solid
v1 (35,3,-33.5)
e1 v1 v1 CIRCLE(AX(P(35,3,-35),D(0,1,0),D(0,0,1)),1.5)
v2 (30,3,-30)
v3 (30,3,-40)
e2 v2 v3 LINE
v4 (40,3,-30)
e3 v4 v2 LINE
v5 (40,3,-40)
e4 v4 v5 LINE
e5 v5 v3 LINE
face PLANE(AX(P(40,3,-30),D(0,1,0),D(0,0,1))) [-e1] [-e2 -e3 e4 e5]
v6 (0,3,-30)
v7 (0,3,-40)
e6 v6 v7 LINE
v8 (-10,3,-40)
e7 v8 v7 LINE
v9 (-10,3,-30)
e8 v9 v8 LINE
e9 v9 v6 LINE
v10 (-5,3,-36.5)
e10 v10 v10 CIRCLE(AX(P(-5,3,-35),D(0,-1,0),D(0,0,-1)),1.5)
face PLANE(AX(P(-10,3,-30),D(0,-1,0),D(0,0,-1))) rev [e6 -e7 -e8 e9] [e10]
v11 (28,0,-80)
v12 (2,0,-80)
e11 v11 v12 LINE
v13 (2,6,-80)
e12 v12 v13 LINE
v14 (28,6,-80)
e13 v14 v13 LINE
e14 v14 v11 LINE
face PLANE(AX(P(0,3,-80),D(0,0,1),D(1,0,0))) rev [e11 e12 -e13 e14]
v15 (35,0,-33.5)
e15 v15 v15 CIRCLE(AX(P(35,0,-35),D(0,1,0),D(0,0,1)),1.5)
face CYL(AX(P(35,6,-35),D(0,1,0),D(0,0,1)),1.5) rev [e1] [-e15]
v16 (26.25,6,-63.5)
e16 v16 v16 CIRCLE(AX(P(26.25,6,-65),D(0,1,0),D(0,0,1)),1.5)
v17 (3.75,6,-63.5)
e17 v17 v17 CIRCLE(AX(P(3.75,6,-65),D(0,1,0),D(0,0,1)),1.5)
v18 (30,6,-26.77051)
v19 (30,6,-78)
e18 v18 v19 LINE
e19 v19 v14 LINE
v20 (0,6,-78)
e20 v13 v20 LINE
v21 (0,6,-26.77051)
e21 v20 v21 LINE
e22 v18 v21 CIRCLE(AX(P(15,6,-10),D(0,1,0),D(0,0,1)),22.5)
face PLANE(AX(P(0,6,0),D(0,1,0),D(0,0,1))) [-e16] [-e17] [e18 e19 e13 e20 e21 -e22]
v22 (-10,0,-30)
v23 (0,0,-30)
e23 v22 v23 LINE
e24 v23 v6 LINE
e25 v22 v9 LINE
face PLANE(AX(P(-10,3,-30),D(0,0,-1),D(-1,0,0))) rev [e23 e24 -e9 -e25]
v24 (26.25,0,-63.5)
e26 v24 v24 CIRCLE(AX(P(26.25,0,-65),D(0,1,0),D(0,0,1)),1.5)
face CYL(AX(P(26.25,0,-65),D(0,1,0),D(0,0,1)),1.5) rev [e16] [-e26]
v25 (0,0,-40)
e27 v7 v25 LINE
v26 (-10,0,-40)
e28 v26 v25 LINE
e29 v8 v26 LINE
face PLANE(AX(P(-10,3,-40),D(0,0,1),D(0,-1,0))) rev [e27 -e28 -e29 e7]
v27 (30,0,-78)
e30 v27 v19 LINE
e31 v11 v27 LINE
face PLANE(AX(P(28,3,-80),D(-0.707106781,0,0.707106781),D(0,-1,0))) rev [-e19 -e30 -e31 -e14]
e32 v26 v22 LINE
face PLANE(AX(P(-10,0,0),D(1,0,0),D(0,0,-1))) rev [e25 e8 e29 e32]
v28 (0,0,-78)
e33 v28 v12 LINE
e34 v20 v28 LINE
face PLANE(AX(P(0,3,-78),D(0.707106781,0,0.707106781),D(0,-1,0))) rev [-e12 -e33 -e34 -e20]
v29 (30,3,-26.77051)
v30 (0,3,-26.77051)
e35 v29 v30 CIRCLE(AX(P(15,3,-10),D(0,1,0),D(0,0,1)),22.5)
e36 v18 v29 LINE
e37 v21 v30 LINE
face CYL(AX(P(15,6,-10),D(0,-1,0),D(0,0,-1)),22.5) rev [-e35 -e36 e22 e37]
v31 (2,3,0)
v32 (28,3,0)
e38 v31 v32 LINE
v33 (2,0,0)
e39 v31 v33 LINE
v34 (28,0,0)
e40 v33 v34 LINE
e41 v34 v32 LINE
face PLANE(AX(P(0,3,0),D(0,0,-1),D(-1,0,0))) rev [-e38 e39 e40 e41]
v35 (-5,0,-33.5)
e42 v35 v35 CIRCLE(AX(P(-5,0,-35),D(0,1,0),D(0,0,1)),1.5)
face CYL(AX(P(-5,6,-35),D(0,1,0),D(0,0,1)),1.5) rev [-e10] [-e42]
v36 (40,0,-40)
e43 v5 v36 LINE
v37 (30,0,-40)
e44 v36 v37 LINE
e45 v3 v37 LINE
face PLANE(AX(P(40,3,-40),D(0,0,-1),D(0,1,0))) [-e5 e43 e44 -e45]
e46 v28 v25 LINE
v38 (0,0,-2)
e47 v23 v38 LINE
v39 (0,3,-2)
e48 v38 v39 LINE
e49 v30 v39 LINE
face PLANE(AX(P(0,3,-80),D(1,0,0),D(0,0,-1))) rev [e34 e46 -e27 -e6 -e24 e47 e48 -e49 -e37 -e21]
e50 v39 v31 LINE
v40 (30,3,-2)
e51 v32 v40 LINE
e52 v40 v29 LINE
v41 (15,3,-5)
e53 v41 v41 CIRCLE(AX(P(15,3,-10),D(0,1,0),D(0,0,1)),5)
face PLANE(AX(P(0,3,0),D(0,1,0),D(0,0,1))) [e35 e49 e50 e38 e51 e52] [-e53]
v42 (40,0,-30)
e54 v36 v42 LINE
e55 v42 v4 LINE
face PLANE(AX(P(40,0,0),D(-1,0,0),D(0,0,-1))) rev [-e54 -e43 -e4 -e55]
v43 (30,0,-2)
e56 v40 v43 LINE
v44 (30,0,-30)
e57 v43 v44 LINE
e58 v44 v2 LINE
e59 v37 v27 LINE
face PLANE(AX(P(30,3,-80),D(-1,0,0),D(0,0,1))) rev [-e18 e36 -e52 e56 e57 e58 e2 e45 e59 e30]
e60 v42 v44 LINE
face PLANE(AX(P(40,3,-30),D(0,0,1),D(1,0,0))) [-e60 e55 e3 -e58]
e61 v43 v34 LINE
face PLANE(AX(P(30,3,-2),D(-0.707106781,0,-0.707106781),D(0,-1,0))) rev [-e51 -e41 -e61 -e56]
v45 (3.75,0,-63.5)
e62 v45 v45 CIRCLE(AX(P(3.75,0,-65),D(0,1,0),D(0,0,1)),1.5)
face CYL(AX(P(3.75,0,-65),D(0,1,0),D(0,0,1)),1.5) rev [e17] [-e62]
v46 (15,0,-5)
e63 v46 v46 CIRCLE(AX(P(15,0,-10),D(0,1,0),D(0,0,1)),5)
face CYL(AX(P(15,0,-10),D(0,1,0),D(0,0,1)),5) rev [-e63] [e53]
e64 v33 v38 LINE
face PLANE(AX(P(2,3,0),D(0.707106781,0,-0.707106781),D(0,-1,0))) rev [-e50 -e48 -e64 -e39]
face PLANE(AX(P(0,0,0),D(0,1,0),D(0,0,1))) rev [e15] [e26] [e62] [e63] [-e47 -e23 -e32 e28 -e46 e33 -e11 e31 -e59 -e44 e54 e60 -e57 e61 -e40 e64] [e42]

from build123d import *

# Parameters (mm, degrees)
SKETCH1_W                       = 30
SKETCH1_H                       = 80
BOSS_EXTRUDE1_DEPTH             = 3
BOSS_EXTRUDE2_DEPTH             = 3
SKETCH3_R                       = 5
CUT_EXTRUDE1_DEPTH              = 86.492689746
CHAMFER1_SIZE                   = 2
SKETCH4_R                       = 1.5
CUT_EXTRUDE2_DEPTH              = 86.650452421
SKETCH5_W                       = 10
SKETCH5_H                       = 3
BOSS_EXTRUDE3_DEPTH             = 10
F_3_0MM_DOWEL_HOLE1_D           = 3
F_3_0MM_DOWEL_HOLE1_CSINK_D     = 3.05
F_3_0MM_DOWEL_HOLE1_CSINK_ANGLE = 90


with BuildPart() as part:
    # Sketch1 → Boss-Extrude1 (new body)
    with BuildSketch(Plane(origin=(0, 0, 0), x_dir=(1, 0, 0), z_dir=(0, 1, 0))):
        with Locations((15, 40)):
            Rectangle(SKETCH1_W, SKETCH1_H)
    extrude(amount=BOSS_EXTRUDE1_DEPTH)

    # Sketch2 → Boss-Extrude2 (add)
    with BuildSketch(Plane(origin=(0, 3, 0), x_dir=(1, 0, 0), z_dir=(0, 1, 0))):
        with BuildLine():
            Line((15, 80), (0, 80))
            Line((0, 80), (0, 26.770509831))
            ThreePointArc((0, 26.770509831), (6.97150298, 31.018878077), (15, 32.5))
            Line((15, 32.5), (15, 80))
        make_face()
        with BuildLine():
            Line((30, 80), (15, 80))
            Line((15, 80), (15, 32.5))
            ThreePointArc((15, 32.5), (23.02849702, 31.018878077), (30, 26.770509831))
            Line((30, 26.770509831), (30, 80))
        make_face()
    extrude(amount=BOSS_EXTRUDE2_DEPTH)

    # Sketch3 → Cut-Extrude1 (cut, through all)
    with BuildSketch(Plane(origin=(0, 3, 0), x_dir=(1, 0, 0), z_dir=(0, 1, 0))):
        with Locations(Location((15, 10, 0), (0, 0, 270))):
            Circle(SKETCH3_R)
    extrude(amount=-CUT_EXTRUDE1_DEPTH, mode=Mode.SUBTRACT)

    # Chamfer1
    chamfer1_edges = [part.edges().sort_by_distance(p)[0] for p in [
        (0, 3, -80),
        (30, 3, -80),
        (30, 1.5, 0),
        (0, 1.5, 0),
    ]]
    chamfer(chamfer1_edges, length=CHAMFER1_SIZE)

    # Sketch4 → Cut-Extrude2 (cut, through all)
    with BuildSketch(Plane(origin=(0, 6, 0), x_dir=(1, 0, 0), z_dir=(0, 1, 0))):
        with Locations(Location((3.75, 65, 0), (0, 0, 270))):
            Circle(SKETCH4_R)
        with Locations(Location((26.25, 65, 0), (0, 0, 270))):
            Circle(SKETCH4_R)
    extrude(amount=-CUT_EXTRUDE2_DEPTH, mode=Mode.SUBTRACT)

    # Sketch5 → Boss-Extrude3 (add)
    with BuildSketch(Plane.ZY):
        with Locations((-35, 1.5)):
            Rectangle(SKETCH5_W, SKETCH5_H)
    boss_extrude3 = extrude(amount=BOSS_EXTRUDE3_DEPTH)

    # Ø3.0mm Dowel Hole1 (through all)
    with Locations(Plane(origin=(0, 6, 0), x_dir=(1, 0, 0), z_dir=(0, 1, 0))):
        with Locations((-5, 35)):
            f_3_0mm_dowel_hole1 = CounterSinkHole(F_3_0MM_DOWEL_HOLE1_D / 2, F_3_0MM_DOWEL_HOLE1_CSINK_D / 2, counter_sink_angle=F_3_0MM_DOWEL_HOLE1_CSINK_ANGLE)

    # Mirror1: Boss-Extrude3, Ø3.0mm Dowel Hole1 across plane
    add(boss_extrude3.mirror(Plane.ZY.offset(-15)))
    add(f_3_0mm_dowel_hole1.mirror(Plane.ZY.offset(-15)), mode=Mode.SUBTRACT)


solid = part.part
